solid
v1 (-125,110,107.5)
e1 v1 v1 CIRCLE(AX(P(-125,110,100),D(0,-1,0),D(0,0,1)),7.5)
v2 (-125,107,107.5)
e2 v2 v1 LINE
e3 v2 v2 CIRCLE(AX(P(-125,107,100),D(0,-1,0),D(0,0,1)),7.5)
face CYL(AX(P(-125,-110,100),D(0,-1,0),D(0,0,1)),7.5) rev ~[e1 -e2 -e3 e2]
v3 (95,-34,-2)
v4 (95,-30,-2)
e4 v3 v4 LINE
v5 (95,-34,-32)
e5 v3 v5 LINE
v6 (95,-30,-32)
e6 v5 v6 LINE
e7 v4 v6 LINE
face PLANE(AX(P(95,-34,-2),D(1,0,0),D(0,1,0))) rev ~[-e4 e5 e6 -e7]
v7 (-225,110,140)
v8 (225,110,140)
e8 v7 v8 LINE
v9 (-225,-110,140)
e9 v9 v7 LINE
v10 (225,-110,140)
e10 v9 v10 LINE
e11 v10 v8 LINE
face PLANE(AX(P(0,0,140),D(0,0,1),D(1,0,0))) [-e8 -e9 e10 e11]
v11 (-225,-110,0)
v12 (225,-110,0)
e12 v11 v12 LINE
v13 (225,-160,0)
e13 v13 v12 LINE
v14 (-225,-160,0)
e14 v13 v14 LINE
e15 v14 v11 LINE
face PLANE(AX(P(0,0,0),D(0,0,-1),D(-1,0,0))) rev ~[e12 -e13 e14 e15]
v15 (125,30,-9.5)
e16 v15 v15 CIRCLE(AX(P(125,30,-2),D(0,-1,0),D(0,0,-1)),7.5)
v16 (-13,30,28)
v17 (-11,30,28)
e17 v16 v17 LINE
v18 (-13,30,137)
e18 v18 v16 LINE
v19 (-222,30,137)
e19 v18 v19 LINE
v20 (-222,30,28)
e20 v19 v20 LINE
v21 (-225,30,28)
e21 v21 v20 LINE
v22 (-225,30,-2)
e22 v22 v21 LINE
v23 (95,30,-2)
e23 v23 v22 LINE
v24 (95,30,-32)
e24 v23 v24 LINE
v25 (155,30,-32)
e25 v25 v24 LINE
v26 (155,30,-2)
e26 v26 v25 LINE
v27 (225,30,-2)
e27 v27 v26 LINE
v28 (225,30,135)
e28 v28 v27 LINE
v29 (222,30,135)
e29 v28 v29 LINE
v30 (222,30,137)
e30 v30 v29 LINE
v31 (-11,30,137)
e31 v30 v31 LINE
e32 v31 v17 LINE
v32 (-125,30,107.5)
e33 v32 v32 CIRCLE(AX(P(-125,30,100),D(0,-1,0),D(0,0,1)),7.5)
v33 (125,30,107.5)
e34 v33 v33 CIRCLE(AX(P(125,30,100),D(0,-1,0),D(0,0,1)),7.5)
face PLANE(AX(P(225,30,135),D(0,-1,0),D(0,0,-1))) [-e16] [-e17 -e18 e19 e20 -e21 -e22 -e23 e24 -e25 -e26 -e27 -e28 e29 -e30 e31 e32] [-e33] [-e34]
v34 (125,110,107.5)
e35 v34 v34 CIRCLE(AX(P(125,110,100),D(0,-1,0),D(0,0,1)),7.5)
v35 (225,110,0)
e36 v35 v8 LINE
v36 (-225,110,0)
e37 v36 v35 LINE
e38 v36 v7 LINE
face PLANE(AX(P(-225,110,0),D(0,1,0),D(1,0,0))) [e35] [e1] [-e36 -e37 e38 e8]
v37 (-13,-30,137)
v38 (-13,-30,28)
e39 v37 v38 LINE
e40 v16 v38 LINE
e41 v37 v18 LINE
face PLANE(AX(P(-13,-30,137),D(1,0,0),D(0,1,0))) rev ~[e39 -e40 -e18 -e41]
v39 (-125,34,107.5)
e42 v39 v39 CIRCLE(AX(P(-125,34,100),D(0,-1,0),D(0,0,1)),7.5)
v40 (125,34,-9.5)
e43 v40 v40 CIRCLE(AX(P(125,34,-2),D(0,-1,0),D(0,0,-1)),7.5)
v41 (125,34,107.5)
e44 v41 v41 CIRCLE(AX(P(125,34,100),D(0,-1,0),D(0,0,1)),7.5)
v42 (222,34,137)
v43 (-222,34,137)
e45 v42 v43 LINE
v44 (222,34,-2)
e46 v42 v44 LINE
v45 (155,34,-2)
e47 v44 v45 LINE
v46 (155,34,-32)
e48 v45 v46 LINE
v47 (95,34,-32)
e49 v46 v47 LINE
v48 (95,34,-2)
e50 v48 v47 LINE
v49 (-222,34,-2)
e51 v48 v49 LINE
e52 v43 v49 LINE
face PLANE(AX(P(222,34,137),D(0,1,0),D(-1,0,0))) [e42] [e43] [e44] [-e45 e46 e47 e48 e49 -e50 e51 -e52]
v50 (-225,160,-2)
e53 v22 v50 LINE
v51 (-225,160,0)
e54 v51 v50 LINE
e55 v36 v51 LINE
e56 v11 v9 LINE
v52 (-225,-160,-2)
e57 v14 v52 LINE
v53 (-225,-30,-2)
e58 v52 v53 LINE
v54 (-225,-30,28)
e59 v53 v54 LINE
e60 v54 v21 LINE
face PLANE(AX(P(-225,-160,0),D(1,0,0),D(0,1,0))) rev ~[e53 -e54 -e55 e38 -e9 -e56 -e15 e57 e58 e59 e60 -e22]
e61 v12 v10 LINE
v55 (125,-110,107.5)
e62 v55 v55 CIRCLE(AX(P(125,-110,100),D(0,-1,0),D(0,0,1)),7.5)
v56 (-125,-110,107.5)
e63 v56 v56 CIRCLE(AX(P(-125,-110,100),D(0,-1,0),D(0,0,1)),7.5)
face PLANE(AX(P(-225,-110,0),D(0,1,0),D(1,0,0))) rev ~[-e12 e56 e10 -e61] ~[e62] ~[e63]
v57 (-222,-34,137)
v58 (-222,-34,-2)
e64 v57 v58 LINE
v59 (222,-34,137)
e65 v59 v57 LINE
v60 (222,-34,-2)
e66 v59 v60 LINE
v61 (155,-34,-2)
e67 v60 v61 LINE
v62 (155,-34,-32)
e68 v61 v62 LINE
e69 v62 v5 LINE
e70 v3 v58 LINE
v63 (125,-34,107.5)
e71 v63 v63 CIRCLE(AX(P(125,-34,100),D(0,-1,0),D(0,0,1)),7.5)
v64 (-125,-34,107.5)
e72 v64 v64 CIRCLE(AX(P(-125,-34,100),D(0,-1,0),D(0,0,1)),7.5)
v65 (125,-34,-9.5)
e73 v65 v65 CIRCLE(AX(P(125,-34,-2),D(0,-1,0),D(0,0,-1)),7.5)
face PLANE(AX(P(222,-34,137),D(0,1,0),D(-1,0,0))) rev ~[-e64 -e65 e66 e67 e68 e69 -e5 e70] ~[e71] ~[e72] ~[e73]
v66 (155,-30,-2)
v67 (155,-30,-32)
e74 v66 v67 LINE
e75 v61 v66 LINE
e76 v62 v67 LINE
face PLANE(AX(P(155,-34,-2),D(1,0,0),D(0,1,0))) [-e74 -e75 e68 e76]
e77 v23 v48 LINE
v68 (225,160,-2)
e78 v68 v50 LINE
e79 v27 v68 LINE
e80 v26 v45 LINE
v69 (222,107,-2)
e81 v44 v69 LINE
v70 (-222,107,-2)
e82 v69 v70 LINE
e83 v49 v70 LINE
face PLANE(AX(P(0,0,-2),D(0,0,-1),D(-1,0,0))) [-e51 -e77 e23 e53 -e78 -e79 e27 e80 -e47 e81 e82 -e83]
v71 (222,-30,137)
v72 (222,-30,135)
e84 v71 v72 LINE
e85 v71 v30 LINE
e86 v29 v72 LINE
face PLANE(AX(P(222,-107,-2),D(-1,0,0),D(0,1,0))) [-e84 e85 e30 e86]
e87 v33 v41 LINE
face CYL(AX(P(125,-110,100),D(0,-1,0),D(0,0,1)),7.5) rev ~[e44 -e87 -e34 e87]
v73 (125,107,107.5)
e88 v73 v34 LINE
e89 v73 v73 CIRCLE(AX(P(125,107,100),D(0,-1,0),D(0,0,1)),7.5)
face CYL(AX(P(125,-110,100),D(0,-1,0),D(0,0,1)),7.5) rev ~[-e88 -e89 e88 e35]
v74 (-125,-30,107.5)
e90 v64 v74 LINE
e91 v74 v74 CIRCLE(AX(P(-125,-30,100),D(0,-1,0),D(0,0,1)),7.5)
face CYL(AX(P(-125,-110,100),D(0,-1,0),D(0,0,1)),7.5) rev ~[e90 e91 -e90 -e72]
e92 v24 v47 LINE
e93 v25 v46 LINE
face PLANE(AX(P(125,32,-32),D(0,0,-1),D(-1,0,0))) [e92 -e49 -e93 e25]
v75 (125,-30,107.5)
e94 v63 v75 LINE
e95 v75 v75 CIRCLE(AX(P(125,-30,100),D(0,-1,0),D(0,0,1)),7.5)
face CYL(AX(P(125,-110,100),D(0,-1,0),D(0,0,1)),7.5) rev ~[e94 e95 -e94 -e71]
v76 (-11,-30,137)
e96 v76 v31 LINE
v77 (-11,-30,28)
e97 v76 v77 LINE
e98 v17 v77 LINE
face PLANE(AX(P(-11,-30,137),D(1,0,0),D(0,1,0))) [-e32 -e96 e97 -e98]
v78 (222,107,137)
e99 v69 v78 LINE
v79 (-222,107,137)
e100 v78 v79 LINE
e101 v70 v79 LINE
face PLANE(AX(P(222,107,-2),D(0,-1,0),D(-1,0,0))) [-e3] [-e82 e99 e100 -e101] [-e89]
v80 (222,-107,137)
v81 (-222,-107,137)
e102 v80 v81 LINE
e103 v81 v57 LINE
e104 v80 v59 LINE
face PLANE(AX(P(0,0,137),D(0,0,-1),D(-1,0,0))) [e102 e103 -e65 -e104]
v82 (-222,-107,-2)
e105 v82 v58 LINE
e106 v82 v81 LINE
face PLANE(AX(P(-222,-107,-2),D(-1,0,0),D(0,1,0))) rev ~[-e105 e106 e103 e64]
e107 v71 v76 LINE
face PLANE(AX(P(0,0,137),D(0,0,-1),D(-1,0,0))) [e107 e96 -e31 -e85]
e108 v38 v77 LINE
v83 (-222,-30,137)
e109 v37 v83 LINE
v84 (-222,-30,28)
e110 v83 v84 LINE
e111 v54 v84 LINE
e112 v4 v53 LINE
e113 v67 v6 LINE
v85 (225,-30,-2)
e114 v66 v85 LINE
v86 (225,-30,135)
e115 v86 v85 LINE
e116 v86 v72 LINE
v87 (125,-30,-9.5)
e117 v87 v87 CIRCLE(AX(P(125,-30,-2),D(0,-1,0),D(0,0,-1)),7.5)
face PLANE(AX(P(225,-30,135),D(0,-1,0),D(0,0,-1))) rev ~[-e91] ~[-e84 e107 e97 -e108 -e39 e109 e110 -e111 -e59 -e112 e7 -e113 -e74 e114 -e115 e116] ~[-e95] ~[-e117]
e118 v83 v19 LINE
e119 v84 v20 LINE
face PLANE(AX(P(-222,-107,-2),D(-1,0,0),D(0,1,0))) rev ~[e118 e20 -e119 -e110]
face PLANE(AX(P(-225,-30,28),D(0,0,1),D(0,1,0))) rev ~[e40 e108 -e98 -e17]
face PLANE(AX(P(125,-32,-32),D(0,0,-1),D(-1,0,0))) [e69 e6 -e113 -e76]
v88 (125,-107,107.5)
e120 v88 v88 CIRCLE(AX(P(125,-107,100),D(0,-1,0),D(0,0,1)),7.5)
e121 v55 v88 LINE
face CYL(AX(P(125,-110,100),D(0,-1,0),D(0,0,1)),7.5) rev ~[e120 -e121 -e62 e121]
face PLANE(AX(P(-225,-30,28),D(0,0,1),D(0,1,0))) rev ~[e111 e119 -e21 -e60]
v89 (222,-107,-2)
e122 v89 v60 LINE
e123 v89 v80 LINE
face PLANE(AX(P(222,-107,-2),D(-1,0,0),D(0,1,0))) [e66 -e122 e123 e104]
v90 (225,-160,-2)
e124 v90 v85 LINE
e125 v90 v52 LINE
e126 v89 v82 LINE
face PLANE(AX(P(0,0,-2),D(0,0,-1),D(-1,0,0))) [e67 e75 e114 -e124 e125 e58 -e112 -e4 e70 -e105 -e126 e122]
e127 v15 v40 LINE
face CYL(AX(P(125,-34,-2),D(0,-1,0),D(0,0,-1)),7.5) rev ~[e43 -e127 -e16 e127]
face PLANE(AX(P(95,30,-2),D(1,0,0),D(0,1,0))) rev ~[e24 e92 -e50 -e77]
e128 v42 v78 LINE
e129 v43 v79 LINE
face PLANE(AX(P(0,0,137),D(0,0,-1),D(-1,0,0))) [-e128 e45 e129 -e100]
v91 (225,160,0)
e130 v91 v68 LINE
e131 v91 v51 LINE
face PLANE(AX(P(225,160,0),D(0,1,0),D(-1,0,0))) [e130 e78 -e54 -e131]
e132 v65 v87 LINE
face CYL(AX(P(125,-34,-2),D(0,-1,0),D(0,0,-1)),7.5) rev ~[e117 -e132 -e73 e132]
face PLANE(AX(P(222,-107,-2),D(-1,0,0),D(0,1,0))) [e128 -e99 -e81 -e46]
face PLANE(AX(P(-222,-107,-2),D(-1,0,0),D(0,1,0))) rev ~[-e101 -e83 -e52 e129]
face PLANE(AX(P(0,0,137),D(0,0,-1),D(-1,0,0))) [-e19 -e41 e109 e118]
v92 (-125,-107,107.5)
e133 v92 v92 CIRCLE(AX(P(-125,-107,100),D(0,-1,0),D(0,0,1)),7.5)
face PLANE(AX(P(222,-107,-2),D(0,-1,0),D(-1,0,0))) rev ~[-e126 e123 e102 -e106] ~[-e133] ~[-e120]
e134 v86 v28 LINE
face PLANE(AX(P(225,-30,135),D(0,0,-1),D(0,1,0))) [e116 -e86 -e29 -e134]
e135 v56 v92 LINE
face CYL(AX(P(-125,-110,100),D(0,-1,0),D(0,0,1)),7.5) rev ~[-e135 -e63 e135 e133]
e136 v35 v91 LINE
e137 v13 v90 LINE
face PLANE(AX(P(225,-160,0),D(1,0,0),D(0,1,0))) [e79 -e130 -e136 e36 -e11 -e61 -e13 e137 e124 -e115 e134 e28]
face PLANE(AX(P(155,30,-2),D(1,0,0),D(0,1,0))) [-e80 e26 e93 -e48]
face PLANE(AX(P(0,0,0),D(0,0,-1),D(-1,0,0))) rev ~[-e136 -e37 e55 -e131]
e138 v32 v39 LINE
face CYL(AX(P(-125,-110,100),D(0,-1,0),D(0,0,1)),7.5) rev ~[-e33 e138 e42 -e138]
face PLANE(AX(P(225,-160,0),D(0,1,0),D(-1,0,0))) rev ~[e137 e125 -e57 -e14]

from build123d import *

# Parameters (mm, degrees)
SKETCH_1_W          = 450
SKETCH_1_H          = 220
EXTRUDE_1_DEPTH     = 140
SKETCH_2_W          = 450
SKETCH_2_H          = 320
EXTRUDE_2_DEPTH     = 2
SKETCH_3_W          = 444
SKETCH_3_H          = 214
CUT_EXTRUDE_1_DEPTH = 139
SKETCH_4_W          = 444
SKETCH_4_H          = 4
EXTRUDE_3_DEPTH     = 139
SKETCH_5_W          = 60
SKETCH_5_H          = 4
EXTRUDE_4_DEPTH     = 30
SKETCH_6_W          = 137
SKETCH_6_H          = 60
CUT_EXTRUDE_2_DEPTH = 10
SKETCH_7_R          = 7.5
CUT_EXTRUDE_3_DEPTH = 70
SKETCH_8_W          = 2
SKETCH_8_H          = 60
EXTRUDE_5_DEPTH     = 139
SKETCH_9_W          = 30
SKETCH_9_H          = 60
CUT_EXTRUDE_4_DEPTH = 240
SKETCH_10_R         = 7.5
CUT_EXTRUDE_5_DEPTH = 220
SKETCH_11_R         = 7.5
CUT_EXTRUDE_6_DEPTH = 220


with BuildPart() as part:
    # 草图1 → 凸台-拉伸1 (new body)
    with BuildSketch(Plane.XY):
        Rectangle(SKETCH_1_W, SKETCH_1_H)
    extrude(amount=EXTRUDE_1_DEPTH)

    # 草图2 → 凸台-拉伸2 (add)
    with BuildSketch(Plane(origin=(0, 0, 0), x_dir=(-1, 0, 0), z_dir=(0, 0, -1))):
        Rectangle(SKETCH_2_W, SKETCH_2_H)
    extrude(amount=EXTRUDE_2_DEPTH)

    # 草图3 → 切除-拉伸1 (cut)
    with BuildSketch(Plane(origin=(0, 0, -2), x_dir=(-1, 0, 0), z_dir=(0, 0, -1))):
        Rectangle(SKETCH_3_W, SKETCH_3_H)
    extrude(amount=-CUT_EXTRUDE_1_DEPTH, mode=Mode.SUBTRACT)

    # 草图4 → 凸台-拉伸3 (add)
    with BuildSketch(Plane(origin=(0, 0, 137), x_dir=(-1, 0, 0), z_dir=(0, 0, -1))):
        with Locations((0, -32)):
            Rectangle(SKETCH_4_W, SKETCH_4_H)
        with Locations((0, 32)):
            Rectangle(SKETCH_4_W, SKETCH_4_H)
    extrude(amount=EXTRUDE_3_DEPTH)

    # 草图5 → 凸台-拉伸4 (add)
    with BuildSketch(Plane(origin=(0, 0, -2), x_dir=(-1, 0, 0), z_dir=(0, 0, -1))):
        with Locations((-125, 32)):
            Rectangle(SKETCH_5_W, SKETCH_5_H)
        with Locations((-125, -32)):
            Rectangle(SKETCH_5_W, SKETCH_5_H)
    extrude(amount=EXTRUDE_4_DEPTH)

    # 草图6 → 切除-拉伸2 (cut)
    with BuildSketch(Plane(origin=(225, 0, 0), x_dir=(0, 0, -1), z_dir=(1, 0, 0))):
        with Locations((-66.5, 0)):
            Rectangle(SKETCH_6_W, SKETCH_6_H)
    extrude(amount=-CUT_EXTRUDE_2_DEPTH, mode=Mode.SUBTRACT)

    # 草图7 → 切除-拉伸3 (cut)
    with BuildSketch(Plane.XZ.offset(34)):
        with Locations(Location((125, -2, 0), (0, 0, 270))):
            Circle(SKETCH_7_R)
    extrude(amount=-CUT_EXTRUDE_3_DEPTH, mode=Mode.SUBTRACT)

    # 草图8 → 凸台-拉伸5 (add)
    with BuildSketch(Plane(origin=(0, 0, 137), x_dir=(-1, 0, 0), z_dir=(0, 0, -1))):
        with Locations((12, 0)):
            Rectangle(SKETCH_8_W, SKETCH_8_H)
    extrude(amount=EXTRUDE_5_DEPTH)

    # 草图9 → 切除-拉伸4 (cut)
    with BuildSketch(Plane.ZY.offset(225)):
        with Locations((13, 0)):
            Rectangle(SKETCH_9_W, SKETCH_9_H)
    extrude(amount=-CUT_EXTRUDE_4_DEPTH, mode=Mode.SUBTRACT)

    # 草图10 → 切除-拉伸5 (cut)
    with BuildSketch(Plane.XZ.offset(110)):
        with Locations(Location((125, 100, 0), (0, 0, 90))):
            Circle(SKETCH_10_R)
    extrude(amount=-CUT_EXTRUDE_5_DEPTH, mode=Mode.SUBTRACT)

    # 草图11 → 切除-拉伸6 (cut)
    with BuildSketch(Plane.XZ.offset(110)):
        with Locations(Location((-125, 100, 0), (0, 0, 90))):
            Circle(SKETCH_11_R)
    extrude(amount=-CUT_EXTRUDE_6_DEPTH, mode=Mode.SUBTRACT)


solid = part.part
